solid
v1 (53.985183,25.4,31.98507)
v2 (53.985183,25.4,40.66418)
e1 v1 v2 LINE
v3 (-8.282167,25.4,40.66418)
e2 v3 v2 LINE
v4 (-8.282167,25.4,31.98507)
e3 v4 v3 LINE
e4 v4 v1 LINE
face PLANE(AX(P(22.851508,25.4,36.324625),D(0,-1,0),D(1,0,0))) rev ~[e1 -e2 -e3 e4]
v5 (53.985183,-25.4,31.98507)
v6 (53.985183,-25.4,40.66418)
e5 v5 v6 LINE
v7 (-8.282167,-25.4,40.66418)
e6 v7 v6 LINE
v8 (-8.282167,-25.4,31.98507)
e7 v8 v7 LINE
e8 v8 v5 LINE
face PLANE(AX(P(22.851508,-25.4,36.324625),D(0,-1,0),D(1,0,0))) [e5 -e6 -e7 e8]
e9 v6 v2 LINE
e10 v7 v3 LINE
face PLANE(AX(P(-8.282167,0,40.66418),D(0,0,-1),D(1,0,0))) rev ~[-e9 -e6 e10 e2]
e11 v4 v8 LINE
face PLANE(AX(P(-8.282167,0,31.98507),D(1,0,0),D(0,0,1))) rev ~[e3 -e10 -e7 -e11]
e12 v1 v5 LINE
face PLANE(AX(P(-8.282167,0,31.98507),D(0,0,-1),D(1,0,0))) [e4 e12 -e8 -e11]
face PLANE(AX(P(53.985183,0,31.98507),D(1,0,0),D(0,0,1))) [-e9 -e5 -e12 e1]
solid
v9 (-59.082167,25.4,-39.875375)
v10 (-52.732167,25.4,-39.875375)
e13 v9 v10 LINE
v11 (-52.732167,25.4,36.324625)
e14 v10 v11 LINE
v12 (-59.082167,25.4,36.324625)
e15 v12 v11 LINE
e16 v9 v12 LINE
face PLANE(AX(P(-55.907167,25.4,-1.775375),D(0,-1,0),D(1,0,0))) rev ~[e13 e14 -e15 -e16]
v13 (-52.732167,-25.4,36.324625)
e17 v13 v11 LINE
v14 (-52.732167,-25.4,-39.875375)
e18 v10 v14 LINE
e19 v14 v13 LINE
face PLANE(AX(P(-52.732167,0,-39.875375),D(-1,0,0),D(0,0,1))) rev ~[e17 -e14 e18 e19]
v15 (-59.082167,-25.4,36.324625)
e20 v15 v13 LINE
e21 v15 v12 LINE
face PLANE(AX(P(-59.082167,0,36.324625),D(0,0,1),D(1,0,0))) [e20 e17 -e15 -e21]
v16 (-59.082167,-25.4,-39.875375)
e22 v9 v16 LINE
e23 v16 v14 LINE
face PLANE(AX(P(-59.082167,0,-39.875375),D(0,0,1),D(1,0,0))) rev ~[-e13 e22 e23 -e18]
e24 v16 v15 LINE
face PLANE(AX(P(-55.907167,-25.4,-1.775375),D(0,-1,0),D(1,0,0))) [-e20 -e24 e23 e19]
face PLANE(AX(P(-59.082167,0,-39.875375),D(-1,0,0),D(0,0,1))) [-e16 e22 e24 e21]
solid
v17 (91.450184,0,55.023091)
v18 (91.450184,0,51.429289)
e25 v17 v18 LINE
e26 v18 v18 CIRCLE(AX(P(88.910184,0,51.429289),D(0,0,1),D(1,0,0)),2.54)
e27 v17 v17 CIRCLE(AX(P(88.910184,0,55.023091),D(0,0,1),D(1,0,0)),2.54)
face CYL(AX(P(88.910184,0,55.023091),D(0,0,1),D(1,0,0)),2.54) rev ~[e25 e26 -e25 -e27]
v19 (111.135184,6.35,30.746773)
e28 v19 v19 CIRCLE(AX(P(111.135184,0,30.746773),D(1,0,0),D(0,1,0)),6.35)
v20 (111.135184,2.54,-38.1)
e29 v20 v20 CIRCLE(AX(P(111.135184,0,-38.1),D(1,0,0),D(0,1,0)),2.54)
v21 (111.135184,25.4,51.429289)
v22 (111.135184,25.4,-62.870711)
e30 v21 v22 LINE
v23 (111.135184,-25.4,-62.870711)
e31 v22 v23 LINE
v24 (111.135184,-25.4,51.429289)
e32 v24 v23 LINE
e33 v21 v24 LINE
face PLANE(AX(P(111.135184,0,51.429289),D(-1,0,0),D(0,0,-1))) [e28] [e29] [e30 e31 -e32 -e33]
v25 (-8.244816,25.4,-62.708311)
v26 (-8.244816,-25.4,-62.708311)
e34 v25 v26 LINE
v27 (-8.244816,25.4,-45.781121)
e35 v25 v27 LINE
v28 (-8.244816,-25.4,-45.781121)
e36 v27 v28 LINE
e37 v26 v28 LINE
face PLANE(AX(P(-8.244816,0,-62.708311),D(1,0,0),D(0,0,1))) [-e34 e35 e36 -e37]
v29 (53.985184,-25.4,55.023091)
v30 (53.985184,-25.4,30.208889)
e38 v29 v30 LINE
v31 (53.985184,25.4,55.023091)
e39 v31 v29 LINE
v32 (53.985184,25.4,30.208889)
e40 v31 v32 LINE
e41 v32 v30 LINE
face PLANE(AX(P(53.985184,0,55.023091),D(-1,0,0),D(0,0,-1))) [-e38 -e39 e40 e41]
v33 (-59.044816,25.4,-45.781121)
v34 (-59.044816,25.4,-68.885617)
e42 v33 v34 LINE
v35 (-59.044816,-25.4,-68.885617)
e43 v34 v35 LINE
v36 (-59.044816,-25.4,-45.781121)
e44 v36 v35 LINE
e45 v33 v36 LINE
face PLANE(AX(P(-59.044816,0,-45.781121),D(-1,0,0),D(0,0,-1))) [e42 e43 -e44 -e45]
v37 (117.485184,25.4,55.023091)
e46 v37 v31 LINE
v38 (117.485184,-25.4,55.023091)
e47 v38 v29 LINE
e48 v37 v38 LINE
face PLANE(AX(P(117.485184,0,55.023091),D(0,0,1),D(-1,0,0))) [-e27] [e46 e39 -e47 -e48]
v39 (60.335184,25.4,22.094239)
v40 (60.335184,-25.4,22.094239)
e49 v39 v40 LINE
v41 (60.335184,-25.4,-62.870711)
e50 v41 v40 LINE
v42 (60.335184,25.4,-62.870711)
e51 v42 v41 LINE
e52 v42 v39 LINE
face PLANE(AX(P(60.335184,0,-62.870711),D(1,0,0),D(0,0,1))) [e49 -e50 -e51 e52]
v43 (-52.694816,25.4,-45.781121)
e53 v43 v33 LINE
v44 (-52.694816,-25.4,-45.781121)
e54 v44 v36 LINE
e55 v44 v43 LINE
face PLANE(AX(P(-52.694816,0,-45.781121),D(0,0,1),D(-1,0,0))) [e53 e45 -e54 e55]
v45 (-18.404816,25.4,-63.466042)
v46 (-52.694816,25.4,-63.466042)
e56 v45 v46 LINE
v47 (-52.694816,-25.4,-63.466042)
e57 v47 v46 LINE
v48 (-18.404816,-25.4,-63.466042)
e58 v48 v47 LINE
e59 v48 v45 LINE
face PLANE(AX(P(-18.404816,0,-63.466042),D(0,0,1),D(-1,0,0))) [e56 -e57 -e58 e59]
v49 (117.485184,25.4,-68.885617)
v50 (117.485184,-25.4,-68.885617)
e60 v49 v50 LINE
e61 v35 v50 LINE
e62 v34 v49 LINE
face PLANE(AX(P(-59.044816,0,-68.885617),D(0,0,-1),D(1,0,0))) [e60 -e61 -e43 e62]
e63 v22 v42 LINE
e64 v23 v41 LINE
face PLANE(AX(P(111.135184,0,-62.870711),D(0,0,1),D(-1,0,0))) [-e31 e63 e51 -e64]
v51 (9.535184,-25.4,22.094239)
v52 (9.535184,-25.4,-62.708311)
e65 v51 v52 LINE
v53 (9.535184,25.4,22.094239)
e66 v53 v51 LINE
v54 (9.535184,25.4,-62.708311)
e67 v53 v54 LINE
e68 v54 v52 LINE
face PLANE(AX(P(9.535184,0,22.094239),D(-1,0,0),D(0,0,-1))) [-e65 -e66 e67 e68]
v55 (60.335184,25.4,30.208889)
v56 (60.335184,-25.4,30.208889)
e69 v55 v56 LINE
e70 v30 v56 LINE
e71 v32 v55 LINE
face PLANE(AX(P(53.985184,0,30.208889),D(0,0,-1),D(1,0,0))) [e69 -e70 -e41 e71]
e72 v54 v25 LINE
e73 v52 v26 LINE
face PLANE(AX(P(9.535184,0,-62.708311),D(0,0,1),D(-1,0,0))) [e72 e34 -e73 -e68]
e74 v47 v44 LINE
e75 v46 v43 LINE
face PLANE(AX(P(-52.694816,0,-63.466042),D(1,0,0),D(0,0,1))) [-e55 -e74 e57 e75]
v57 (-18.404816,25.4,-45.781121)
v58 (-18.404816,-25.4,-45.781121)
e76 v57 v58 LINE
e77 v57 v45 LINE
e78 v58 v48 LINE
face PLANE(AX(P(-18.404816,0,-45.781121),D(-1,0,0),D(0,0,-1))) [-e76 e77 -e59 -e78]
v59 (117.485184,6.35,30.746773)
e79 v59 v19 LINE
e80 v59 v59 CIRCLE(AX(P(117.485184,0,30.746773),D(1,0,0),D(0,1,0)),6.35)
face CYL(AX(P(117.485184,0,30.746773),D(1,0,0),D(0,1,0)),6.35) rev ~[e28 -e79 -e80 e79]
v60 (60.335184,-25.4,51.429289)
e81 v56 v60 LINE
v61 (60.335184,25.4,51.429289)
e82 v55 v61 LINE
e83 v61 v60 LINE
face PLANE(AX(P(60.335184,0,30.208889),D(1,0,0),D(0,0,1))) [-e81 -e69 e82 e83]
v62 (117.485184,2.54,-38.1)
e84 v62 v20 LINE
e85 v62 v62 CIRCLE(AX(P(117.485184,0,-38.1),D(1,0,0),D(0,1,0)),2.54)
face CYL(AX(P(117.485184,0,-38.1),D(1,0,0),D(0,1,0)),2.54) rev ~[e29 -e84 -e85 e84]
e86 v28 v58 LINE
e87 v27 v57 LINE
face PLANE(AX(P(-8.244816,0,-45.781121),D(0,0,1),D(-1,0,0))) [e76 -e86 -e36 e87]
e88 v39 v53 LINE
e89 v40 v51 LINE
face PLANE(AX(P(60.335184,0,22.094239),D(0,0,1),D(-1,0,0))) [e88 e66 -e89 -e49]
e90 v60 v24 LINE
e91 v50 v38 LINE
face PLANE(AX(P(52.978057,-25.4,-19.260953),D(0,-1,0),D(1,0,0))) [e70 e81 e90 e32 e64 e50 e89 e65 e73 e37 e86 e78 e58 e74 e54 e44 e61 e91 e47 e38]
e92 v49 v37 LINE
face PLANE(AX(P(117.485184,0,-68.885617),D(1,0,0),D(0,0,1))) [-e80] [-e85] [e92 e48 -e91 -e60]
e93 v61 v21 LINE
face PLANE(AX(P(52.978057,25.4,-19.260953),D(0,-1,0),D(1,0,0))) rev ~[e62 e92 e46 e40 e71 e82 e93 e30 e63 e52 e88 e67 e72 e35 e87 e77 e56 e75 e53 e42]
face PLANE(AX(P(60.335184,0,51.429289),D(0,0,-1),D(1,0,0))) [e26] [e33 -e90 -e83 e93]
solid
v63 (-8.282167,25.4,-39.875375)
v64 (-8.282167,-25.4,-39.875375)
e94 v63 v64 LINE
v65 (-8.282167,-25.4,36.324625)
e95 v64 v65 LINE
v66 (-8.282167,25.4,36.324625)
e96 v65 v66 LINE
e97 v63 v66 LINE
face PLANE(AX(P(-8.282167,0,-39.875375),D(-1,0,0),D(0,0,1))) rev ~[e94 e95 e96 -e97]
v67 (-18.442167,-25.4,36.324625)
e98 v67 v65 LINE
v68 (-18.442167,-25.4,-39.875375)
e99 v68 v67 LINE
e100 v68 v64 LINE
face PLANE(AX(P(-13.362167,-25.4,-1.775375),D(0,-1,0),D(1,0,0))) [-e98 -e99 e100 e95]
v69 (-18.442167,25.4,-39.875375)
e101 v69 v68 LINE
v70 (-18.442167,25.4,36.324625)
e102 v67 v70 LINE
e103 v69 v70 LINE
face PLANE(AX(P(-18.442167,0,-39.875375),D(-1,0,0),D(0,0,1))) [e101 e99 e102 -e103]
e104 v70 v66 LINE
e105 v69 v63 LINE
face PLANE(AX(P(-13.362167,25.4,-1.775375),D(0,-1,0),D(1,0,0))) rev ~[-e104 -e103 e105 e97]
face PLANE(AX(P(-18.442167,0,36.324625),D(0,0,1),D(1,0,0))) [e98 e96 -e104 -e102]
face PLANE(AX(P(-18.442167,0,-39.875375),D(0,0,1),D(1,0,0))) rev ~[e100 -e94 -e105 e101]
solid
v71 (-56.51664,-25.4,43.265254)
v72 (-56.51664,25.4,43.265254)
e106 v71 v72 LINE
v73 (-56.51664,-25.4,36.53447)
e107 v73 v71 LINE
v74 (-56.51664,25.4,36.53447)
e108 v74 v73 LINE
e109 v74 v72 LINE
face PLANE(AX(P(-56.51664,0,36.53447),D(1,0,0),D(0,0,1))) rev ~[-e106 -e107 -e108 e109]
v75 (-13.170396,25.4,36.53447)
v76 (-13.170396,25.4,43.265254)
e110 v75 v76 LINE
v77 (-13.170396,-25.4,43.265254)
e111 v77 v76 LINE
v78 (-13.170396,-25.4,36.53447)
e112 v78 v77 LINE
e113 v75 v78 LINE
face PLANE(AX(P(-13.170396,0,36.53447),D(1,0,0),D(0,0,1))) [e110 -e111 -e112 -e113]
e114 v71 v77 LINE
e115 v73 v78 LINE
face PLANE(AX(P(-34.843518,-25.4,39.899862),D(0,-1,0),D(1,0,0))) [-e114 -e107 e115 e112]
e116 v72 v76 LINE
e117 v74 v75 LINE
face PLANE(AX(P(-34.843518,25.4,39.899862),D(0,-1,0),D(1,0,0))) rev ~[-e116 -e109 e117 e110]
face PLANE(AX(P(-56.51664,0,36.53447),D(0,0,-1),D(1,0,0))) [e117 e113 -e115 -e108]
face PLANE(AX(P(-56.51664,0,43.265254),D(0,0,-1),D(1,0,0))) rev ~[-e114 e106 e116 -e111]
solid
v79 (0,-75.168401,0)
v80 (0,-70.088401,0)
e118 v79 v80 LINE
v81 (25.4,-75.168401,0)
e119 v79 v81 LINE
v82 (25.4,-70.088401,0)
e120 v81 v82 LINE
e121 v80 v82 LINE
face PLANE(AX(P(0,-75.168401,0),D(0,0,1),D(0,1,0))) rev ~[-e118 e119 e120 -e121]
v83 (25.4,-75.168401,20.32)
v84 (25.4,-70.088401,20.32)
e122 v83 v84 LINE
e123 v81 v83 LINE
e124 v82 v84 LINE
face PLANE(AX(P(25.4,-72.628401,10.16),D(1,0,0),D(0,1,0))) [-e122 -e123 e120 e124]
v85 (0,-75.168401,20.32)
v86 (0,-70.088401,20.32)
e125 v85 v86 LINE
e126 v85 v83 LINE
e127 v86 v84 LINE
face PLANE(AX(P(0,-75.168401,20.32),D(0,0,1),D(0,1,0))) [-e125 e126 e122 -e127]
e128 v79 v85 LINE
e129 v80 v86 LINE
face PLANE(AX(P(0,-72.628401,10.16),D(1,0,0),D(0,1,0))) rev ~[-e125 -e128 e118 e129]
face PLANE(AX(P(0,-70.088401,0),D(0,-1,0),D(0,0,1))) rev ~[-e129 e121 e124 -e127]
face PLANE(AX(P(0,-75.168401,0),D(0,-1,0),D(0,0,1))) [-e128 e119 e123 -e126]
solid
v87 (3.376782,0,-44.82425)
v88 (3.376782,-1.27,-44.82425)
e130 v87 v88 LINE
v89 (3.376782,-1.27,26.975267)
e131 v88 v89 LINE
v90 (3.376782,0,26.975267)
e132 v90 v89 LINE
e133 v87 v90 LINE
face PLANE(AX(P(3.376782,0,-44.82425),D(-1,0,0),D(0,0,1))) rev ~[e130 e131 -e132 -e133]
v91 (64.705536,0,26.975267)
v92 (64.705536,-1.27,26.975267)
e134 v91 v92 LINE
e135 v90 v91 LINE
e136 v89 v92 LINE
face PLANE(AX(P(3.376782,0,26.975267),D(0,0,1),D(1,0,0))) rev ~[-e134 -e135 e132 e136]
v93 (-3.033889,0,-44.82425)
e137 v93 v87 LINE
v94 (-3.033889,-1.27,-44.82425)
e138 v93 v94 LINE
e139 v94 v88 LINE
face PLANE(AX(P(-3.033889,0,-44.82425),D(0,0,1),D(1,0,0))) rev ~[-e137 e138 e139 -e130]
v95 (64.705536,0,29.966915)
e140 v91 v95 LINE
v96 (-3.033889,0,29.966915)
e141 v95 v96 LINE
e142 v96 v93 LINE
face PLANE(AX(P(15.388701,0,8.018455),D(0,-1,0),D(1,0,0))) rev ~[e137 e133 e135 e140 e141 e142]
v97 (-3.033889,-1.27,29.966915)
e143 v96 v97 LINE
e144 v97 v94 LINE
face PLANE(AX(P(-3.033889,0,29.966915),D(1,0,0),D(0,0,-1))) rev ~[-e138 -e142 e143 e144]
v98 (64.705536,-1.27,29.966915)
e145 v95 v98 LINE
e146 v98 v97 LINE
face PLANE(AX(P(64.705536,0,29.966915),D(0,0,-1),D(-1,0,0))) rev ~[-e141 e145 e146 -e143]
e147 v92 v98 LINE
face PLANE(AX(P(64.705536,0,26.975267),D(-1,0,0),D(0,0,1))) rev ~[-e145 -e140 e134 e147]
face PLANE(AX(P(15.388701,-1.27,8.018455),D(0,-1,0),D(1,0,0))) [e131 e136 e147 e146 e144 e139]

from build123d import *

# Parameters (mm, degrees)
F0_W      = 6.35
F0_H      = 76.2
F0_W_2    = 10.16
F1_DEPTH  = 25.4
F2_R      = 6.35
F3_DEPTH  = 6.35
F4_R      = 2.54
F5_DEPTH  = 6.35
F6_R      = 2.54
F7_DEPTH  = 3.8128
F8_W      = 62.267351
F8_H      = 8.679109
F9_DEPTH  = 25.4
F10_W     = 43.346244
F10_H     = 6.730783
F11_DEPTH = 25.4
F12_W     = 5.08
F12_H     = 20.32
F13_DEPTH = 25.4
F15_DEPTH = 1.27


with BuildPart() as f1:
    # F0 (on Front) → F1 (new body, symmetric)
    with BuildSketch(Plane.XZ):
        with Locations((-55.907167, -1.775375)):
            Rectangle(F0_W, F0_H)
        with Locations((-13.362167, -1.775375)):
            Rectangle(F0_W_2, F0_H)
        Polygon((-52.694816, -45.781121), (-59.044816, -45.781121), (-59.044816, -68.885617), (-8.244816, -68.885617), (60.335184, -68.885617), (117.485184, -68.885617), (117.485184, 55.023091), (53.985184, 55.023091), (53.985184, 30.208889), (60.335184, 30.208889), (60.335184, 51.429289), (111.135184, 51.429289), (111.135184, 21.678317), (111.135184, -62.870711), (60.335184, -62.870711), (60.335184, 22.094239), (9.535184, 22.094239), (9.535184, -62.708311), (-8.244816, -62.708311), (-8.244816, -45.781121), (-18.404816, -45.781121), (-18.404816, -63.466042), (-52.694816, -63.466042), align=None)
    extrude(amount=F1_DEPTH, both=True)

    # F2 (on face) → F3 (cut)
    with BuildSketch(Plane.YZ.offset(117.485184)):
        with Locations((0, 30.746773)):
            Circle(F2_R)
    extrude(amount=-F3_DEPTH, mode=Mode.SUBTRACT)

    # F4 (on face) → F5 (cut)
    with BuildSketch(Plane.YZ.offset(117.485184)):
        with Locations((0, -38.1)):
            Circle(F4_R)
    extrude(amount=-F5_DEPTH, mode=Mode.SUBTRACT)

    # F6 (on face) → F7 (cut)
    with BuildSketch(Plane.XY.offset(55.023091)):
        with Locations((88.910184, 0)):
            Circle(F6_R)
    extrude(amount=-F7_DEPTH, mode=Mode.SUBTRACT)


with BuildPart() as f9:
    # F8 (on Front) → F9 (new body, symmetric)
    with BuildSketch(Plane.XZ):
        with Locations((22.851508, 36.324625)):
            Rectangle(F8_W, F8_H)
    extrude(amount=F9_DEPTH, both=True)


with BuildPart() as f11:
    # F10 (on Front) → F11 (new body, symmetric)
    with BuildSketch(Plane.XZ):
        with Locations((-34.843518, 39.899862)):
            Rectangle(F10_W, F10_H)
    extrude(amount=F11_DEPTH, both=True)


with BuildPart() as f13:
    # F12 (on Right) → F13 (new body)
    with BuildSketch(Plane.YZ):
        with Locations((-72.628401, 10.16)):
            Rectangle(F12_W, F12_H)
    extrude(amount=F13_DEPTH)


with BuildPart() as f15:
    # F14 (on Front) → F15 (new body)
    with BuildSketch(Plane.XZ):
        Polygon((-3.033889, 26.975267), (-3.033889, -44.82425), (3.376782, -44.82425), (3.376782, 26.975267), (64.705536, 26.975267), (64.705536, 29.966915), (-3.033889, 29.966915), align=None)
    extrude(amount=F15_DEPTH)


solid = Compound([f1.part, f9.part, f11.part, f13.part, f15.part])
